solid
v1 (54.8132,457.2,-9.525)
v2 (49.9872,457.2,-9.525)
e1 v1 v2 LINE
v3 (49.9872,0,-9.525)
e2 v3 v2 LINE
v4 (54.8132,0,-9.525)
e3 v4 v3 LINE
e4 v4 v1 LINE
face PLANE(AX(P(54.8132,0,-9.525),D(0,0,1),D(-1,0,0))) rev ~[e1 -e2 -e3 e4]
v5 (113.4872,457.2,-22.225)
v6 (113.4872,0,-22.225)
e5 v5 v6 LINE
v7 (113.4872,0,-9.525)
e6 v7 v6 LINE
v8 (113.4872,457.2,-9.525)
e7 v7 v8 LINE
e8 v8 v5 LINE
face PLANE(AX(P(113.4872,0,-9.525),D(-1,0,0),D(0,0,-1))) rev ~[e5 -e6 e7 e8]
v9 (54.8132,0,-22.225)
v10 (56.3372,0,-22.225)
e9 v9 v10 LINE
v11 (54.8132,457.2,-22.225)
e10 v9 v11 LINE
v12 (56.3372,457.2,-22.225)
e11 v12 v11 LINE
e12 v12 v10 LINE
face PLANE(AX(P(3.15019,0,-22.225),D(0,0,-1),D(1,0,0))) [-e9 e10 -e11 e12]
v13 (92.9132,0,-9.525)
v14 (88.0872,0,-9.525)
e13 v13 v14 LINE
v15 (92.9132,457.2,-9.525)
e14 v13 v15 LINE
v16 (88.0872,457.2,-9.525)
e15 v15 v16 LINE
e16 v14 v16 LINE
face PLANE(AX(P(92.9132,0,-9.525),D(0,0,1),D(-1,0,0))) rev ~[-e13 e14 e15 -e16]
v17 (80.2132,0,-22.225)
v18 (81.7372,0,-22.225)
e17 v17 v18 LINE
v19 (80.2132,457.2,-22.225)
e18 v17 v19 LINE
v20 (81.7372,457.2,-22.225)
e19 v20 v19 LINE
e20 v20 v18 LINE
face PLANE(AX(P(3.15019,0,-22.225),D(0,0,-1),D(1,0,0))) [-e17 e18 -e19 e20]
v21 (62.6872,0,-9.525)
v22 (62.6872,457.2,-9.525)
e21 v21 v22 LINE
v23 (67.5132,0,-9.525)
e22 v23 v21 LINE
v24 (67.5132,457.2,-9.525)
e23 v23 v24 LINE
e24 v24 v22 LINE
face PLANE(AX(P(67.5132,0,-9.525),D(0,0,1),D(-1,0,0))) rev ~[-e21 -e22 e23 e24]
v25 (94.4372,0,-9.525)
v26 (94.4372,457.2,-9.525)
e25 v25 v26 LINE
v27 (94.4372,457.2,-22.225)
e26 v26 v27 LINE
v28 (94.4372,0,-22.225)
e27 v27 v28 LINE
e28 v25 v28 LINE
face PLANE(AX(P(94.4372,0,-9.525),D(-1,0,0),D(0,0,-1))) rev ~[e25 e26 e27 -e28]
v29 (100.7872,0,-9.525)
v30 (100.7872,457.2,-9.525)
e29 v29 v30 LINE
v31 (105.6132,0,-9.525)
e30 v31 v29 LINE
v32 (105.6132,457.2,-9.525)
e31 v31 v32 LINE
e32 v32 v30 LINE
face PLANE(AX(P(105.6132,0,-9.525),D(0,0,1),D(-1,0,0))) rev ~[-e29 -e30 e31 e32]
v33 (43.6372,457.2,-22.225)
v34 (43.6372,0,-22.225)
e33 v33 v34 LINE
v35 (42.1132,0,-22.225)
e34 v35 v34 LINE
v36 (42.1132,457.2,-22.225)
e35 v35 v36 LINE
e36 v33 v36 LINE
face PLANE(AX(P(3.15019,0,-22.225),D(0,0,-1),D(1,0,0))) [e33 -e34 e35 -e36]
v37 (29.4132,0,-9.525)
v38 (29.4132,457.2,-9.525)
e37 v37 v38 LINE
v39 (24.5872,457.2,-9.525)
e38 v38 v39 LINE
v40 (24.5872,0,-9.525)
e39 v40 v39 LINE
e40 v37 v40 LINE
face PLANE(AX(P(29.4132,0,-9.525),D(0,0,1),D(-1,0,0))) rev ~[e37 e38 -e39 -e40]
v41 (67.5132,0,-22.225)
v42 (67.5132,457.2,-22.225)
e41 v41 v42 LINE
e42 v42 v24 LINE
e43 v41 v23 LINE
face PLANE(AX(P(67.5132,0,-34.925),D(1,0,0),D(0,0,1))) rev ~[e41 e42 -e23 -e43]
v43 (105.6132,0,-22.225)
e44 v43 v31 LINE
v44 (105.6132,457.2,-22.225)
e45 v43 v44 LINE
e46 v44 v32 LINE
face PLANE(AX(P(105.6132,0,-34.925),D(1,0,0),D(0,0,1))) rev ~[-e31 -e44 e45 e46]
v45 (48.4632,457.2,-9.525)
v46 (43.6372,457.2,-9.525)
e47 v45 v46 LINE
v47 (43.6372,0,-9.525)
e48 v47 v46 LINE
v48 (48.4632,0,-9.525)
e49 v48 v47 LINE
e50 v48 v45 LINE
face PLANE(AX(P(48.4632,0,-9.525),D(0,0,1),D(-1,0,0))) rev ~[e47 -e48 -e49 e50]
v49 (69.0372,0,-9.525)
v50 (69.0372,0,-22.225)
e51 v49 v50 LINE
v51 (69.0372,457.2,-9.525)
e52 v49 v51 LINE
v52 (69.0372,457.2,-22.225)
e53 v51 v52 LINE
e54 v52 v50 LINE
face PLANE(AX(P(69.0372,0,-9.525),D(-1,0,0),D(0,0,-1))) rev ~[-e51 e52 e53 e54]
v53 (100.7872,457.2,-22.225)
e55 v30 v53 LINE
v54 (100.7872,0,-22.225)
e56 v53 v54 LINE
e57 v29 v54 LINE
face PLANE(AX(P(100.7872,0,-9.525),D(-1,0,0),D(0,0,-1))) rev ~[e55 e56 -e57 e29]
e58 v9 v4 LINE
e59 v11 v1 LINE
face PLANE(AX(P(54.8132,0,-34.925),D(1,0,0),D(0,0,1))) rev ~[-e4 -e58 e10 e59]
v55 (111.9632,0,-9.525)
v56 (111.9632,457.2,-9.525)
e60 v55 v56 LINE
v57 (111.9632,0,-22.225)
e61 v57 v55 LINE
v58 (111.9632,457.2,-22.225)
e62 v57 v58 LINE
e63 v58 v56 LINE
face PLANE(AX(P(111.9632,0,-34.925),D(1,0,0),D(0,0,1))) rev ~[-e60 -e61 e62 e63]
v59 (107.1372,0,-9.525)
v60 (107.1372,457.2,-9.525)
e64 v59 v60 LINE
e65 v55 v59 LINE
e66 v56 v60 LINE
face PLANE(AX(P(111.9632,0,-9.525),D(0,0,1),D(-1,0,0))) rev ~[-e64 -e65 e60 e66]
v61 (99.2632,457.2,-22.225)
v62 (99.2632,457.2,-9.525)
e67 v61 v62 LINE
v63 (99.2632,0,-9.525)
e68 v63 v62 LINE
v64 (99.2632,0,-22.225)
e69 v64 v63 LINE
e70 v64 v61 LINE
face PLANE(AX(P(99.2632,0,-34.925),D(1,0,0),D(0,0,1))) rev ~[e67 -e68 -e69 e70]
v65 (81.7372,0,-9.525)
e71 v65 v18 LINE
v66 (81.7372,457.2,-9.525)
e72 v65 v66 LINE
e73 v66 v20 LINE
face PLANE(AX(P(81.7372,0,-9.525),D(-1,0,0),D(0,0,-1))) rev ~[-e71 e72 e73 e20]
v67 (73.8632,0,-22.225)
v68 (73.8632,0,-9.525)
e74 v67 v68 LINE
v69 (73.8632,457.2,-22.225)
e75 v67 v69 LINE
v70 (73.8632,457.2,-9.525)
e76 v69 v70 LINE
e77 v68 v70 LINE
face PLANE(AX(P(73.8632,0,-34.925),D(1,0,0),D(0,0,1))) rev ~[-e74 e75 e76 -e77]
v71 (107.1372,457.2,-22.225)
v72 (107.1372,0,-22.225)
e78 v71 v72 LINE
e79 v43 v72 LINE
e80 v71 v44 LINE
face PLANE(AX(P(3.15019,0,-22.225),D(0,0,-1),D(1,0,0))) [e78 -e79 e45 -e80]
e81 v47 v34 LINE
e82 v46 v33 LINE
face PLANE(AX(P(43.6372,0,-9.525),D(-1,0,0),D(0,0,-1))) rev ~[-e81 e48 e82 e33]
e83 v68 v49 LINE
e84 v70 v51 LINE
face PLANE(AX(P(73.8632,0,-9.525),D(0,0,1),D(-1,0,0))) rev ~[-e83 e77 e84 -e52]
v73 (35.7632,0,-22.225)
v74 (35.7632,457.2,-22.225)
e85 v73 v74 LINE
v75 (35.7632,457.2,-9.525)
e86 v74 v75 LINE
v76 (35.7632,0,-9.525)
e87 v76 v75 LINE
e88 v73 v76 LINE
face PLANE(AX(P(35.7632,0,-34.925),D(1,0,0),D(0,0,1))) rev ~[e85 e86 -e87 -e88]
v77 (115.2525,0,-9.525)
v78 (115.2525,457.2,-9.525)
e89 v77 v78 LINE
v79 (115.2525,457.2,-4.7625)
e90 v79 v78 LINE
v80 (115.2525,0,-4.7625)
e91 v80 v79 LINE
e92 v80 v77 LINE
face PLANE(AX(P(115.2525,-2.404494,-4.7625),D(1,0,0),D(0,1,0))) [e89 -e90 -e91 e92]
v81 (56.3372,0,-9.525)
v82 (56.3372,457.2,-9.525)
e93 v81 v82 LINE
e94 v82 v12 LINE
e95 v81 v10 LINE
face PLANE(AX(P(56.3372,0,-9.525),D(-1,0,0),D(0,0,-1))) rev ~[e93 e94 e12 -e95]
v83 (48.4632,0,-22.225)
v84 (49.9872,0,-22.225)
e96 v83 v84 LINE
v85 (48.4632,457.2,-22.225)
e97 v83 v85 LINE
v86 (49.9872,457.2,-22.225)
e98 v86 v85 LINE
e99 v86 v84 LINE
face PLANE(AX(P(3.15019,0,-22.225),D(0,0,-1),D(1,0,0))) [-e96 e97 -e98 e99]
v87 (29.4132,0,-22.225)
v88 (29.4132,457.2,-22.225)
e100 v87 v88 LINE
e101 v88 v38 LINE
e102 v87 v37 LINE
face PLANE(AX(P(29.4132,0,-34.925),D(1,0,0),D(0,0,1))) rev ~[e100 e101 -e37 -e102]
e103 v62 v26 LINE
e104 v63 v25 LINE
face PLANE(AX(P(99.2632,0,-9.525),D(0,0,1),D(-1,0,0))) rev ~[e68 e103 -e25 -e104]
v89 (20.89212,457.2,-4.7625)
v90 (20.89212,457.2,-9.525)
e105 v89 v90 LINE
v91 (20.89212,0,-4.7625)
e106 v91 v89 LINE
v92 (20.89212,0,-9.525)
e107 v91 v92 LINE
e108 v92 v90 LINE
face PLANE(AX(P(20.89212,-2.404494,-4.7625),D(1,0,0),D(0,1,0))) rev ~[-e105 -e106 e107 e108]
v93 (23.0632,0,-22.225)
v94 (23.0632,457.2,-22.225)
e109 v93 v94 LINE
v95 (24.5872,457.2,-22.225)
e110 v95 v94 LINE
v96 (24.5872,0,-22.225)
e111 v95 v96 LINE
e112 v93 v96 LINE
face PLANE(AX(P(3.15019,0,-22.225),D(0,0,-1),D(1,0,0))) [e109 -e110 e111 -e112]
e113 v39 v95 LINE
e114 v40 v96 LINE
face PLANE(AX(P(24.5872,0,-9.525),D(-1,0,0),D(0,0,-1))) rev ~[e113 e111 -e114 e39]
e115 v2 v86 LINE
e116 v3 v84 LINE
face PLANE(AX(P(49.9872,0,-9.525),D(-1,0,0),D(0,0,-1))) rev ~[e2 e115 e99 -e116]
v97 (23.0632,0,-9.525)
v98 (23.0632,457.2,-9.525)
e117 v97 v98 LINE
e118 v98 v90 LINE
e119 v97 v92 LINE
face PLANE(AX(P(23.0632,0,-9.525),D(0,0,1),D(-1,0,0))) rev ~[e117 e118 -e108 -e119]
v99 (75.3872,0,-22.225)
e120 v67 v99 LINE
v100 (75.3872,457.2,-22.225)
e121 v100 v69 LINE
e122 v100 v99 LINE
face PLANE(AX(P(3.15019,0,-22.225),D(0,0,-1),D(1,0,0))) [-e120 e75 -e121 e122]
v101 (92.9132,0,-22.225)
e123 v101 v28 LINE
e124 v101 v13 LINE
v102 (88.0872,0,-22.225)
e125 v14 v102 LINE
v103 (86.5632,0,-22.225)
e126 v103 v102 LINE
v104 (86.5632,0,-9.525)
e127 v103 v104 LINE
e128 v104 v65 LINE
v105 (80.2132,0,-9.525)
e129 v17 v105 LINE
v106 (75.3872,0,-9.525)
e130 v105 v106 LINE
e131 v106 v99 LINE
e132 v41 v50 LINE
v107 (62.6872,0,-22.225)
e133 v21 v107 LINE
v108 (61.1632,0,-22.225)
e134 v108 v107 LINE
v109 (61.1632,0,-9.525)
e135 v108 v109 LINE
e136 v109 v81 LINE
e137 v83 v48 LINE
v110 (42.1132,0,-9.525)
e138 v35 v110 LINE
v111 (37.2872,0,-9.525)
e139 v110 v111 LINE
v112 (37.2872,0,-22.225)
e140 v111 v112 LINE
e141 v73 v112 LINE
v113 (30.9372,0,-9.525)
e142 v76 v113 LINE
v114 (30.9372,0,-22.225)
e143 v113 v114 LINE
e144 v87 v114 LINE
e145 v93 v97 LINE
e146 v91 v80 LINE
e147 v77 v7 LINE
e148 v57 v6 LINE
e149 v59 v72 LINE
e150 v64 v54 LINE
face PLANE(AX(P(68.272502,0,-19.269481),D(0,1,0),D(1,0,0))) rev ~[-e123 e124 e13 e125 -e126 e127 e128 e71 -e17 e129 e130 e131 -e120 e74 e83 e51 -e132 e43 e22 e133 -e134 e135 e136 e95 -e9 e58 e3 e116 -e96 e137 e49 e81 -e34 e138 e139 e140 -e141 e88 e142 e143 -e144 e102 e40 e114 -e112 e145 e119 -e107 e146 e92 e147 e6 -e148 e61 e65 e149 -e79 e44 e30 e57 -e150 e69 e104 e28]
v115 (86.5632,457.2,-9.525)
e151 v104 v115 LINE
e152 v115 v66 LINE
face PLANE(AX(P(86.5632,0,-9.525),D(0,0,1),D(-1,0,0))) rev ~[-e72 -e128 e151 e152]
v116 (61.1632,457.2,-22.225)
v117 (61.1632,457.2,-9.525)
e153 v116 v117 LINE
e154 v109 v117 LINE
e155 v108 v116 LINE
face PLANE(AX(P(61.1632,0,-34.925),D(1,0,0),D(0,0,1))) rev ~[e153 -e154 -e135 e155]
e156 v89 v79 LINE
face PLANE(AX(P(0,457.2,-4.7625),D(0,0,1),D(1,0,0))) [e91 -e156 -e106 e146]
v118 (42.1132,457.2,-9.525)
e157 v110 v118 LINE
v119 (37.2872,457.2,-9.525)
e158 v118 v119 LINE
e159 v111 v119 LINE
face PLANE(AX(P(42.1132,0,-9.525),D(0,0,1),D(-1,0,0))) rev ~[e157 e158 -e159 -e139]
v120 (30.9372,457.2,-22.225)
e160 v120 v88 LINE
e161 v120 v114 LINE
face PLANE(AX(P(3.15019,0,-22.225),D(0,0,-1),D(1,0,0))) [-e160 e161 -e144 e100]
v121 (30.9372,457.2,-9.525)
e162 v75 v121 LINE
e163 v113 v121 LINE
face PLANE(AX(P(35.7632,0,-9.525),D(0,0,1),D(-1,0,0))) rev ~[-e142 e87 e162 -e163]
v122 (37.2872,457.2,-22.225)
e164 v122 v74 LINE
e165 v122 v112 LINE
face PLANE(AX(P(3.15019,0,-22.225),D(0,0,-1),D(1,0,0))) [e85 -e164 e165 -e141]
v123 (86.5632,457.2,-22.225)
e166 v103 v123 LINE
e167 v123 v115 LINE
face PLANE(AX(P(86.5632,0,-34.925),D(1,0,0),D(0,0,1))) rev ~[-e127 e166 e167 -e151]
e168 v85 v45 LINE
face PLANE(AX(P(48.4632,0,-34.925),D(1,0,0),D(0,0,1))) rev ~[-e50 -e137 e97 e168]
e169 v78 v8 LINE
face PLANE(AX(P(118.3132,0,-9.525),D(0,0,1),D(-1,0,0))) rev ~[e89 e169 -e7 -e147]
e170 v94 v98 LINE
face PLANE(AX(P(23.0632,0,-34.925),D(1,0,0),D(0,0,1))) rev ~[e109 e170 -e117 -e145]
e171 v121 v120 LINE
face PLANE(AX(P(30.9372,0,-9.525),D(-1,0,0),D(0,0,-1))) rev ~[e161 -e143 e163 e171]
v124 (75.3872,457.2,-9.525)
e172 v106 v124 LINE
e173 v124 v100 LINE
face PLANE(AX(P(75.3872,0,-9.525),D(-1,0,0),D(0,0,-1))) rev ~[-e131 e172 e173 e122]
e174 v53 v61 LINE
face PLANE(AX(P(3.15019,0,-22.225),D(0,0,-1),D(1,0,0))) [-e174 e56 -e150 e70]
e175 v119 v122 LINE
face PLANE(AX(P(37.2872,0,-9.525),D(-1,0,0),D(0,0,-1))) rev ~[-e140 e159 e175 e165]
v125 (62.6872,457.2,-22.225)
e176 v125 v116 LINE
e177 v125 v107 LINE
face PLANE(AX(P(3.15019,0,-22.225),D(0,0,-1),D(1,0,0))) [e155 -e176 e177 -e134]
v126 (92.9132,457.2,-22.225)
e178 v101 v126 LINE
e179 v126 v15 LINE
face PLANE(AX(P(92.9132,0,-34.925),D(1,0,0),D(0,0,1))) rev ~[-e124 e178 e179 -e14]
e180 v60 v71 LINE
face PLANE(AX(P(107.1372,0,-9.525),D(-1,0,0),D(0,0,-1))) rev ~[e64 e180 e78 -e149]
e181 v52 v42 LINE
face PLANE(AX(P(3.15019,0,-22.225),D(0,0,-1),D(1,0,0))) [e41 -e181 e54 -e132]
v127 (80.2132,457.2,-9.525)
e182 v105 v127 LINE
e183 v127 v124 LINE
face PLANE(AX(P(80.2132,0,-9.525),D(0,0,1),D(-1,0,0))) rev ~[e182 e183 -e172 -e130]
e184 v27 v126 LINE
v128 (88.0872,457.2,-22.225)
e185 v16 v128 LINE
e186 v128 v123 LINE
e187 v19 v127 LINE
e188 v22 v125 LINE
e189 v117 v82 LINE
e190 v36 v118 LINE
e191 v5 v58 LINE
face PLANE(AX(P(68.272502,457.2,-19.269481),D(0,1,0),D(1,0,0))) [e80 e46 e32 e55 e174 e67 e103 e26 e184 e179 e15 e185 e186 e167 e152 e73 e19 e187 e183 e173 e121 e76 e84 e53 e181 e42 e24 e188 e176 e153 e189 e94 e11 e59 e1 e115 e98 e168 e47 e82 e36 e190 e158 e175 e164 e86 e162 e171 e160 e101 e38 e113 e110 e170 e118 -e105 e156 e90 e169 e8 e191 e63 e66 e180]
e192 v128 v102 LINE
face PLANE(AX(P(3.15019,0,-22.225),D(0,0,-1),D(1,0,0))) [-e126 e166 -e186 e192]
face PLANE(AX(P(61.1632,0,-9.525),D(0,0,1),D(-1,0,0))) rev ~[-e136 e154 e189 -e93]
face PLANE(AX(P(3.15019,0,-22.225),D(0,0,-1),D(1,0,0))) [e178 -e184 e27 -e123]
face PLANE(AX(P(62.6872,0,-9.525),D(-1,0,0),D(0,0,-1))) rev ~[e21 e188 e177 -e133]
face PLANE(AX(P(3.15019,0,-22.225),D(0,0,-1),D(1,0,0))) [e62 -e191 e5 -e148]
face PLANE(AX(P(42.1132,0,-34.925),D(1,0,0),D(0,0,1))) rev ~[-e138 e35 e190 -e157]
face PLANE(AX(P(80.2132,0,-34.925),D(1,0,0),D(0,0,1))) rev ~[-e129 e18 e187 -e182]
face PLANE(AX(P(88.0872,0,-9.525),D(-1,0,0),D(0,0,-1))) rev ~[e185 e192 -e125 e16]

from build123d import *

# Parameters (mm, degrees)
BOSS_EXTRUDE1_DEPTH = 457.2
SKETCH2_W           = 136.525
SKETCH2_H           = 4.7625
CUT_EXTRUDE1_DEPTH  = 479.481428682
SKETCH3_W           = 132.265960651
SKETCH3_H           = 13.462
CUT_EXTRUDE2_DEPTH  = 479.481428682
SKETCH9_OUTSIDE_W   = 234.019
SKETCH9_OUTSIDE_H   = 554.694
SKETCH9_OUTSIDE_W_2 = 94.360380141
SKETCH9_OUTSIDE_H_2 = 481.67440371
CUT_EXTRUDE3_DEPTH  = 478.468171223


with BuildPart() as part:
    # Sketch1 → Boss-Extrude1 (new body)
    with BuildSketch(Plane(origin=(0, 0, 0), x_dir=(1, 0, 0), z_dir=(0, 1, 0))):
        with BuildLine():
            Line((0, 0), (136.525, 0))
            Line((136.525, 0), (136.525, 9.525))
            Line((136.525, 9.525), (132.5372, 9.525))
            Line((132.5372, 9.525), (132.5372, 34.925))
            ThreePointArc((132.5372, 34.925), (131.7752, 35.687), (131.0132, 34.925))
            Line((131.0132, 34.925), (131.0132, 9.525))
            Line((131.0132, 9.525), (126.1872, 9.525))
            Line((126.1872, 9.525), (126.1872, 34.925))
            ThreePointArc((126.1872, 34.925), (125.4252, 35.687), (124.6632, 34.925))
            Line((124.6632, 34.925), (124.6632, 9.525))
            Line((124.6632, 9.525), (119.8372, 9.525))
            Line((119.8372, 9.525), (119.8372, 34.925))
            ThreePointArc((119.8372, 34.925), (119.0752, 35.687), (118.3132, 34.925))
            Line((118.3132, 34.925), (118.3132, 9.525))
            Line((118.3132, 9.525), (113.4872, 9.525))
            Line((113.4872, 9.525), (113.4872, 34.925))
            ThreePointArc((113.4872, 34.925), (112.7252, 35.687), (111.9632, 34.925))
            Line((111.9632, 34.925), (111.9632, 9.525))
            Line((111.9632, 9.525), (107.1372, 9.525))
            Line((107.1372, 9.525), (107.1372, 34.925))
            ThreePointArc((107.1372, 34.925), (106.3752, 35.687), (105.6132, 34.925))
            Line((105.6132, 34.925), (105.6132, 9.525))
            Line((105.6132, 9.525), (100.7872, 9.525))
            Line((100.7872, 9.525), (100.7872, 34.925))
            ThreePointArc((100.7872, 34.925), (100.0252, 35.687), (99.2632, 34.925))
            Line((99.2632, 34.925), (99.2632, 9.525))
            Line((99.2632, 9.525), (94.4372, 9.525))
            Line((94.4372, 9.525), (94.4372, 34.925))
            ThreePointArc((94.4372, 34.925), (93.6752, 35.687), (92.9132, 34.925))
            Line((92.9132, 34.925), (92.9132, 9.525))
            Line((92.9132, 9.525), (88.0872, 9.525))
            Line((88.0872, 9.525), (88.0872, 34.925))
            ThreePointArc((88.0872, 34.925), (87.3252, 35.687), (86.5632, 34.925))
            Line((86.5632, 34.925), (86.5632, 9.525))
            Line((86.5632, 9.525), (81.7372, 9.525))
            Line((81.7372, 9.525), (81.7372, 34.925))
            ThreePointArc((81.7372, 34.925), (80.9752, 35.687), (80.2132, 34.925))
            Line((80.2132, 34.925), (80.2132, 9.525))
            Line((80.2132, 9.525), (75.3872, 9.525))
            Line((75.3872, 9.525), (75.3872, 34.925))
            ThreePointArc((75.3872, 34.925), (74.6252, 35.687), (73.8632, 34.925))
            Line((73.8632, 34.925), (73.8632, 9.525))
            Line((73.8632, 9.525), (69.0372, 9.525))
            Line((69.0372, 9.525), (69.0372, 34.925))
            ThreePointArc((69.0372, 34.925), (68.2752, 35.687), (67.5132, 34.925))
            Line((67.5132, 34.925), (67.5132, 9.525))
            Line((67.5132, 9.525), (62.6872, 9.525))
            Line((62.6872, 9.525), (62.6872, 34.925))
            ThreePointArc((62.6872, 34.925), (61.9252, 35.687), (61.1632, 34.925))
            Line((61.1632, 34.925), (61.1632, 9.525))
            Line((61.1632, 9.525), (56.3372, 9.525))
            Line((56.3372, 9.525), (56.3372, 34.925))
            ThreePointArc((56.3372, 34.925), (55.5752, 35.687), (54.8132, 34.925))
            Line((54.8132, 34.925), (54.8132, 9.525))
            Line((54.8132, 9.525), (49.9872, 9.525))
            Line((49.9872, 9.525), (49.9872, 34.925))
            ThreePointArc((49.9872, 34.925), (49.2252, 35.687), (48.4632, 34.925))
            Line((48.4632, 34.925), (48.4632, 9.525))
            Line((48.4632, 9.525), (43.6372, 9.525))
            Line((43.6372, 9.525), (43.6372, 34.925))
            ThreePointArc((43.6372, 34.925), (42.8752, 35.687), (42.1132, 34.925))
            Line((42.1132, 34.925), (42.1132, 9.525))
            Line((42.1132, 9.525), (37.2872, 9.525))
            Line((37.2872, 9.525), (37.2872, 34.925))
            ThreePointArc((37.2872, 34.925), (36.5252, 35.687), (35.7632, 34.925))
            Line((35.7632, 34.925), (35.7632, 9.525))
            Line((35.7632, 9.525), (30.9372, 9.525))
            Line((30.9372, 9.525), (30.9372, 34.925))
            ThreePointArc((30.9372, 34.925), (30.1752, 35.687), (29.4132, 34.925))
            Line((29.4132, 34.925), (29.4132, 9.525))
            Line((29.4132, 9.525), (24.5872, 9.525))
            Line((24.5872, 9.525), (24.5872, 34.925))
            ThreePointArc((24.5872, 34.925), (23.8252, 35.687), (23.0632, 34.925))
            Line((23.0632, 34.925), (23.0632, 9.525))
            Line((23.0632, 9.525), (18.2372, 9.525))
            Line((18.2372, 9.525), (18.2372, 34.925))
            ThreePointArc((18.2372, 34.925), (17.4752, 35.687), (16.7132, 34.925))
            Line((16.7132, 34.925), (16.7132, 9.525))
            Line((16.7132, 9.525), (11.8872, 9.525))
            Line((11.8872, 9.525), (11.8872, 34.925))
            ThreePointArc((11.8872, 34.925), (11.1252, 35.687), (10.3632, 34.925))
            Line((10.3632, 34.925), (10.3632, 9.525))
            Line((10.3632, 9.525), (5.5372, 9.525))
            Line((5.5372, 9.525), (5.5372, 34.925))
            ThreePointArc((5.5372, 34.925), (4.7752, 35.687), (4.0132, 34.925))
            Line((4.0132, 34.925), (4.0132, 9.525))
            Line((4.0132, 9.525), (0, 9.525))
            Line((0, 9.525), (0, 0))
        make_face()
    extrude(amount=BOSS_EXTRUDE1_DEPTH)

    # Sketch2 → Cut-Extrude1 (cut, through all)
    with BuildSketch(Plane(origin=(0, 457.2, 0), x_dir=(1, 0, 0), z_dir=(0, 1, 0))):
        with Locations((68.2625, 2.38125)):
            Rectangle(SKETCH2_W, SKETCH2_H)
    extrude(amount=-CUT_EXTRUDE1_DEPTH, mode=Mode.SUBTRACT)

    # Sketch3 → Cut-Extrude2 (cut, through all)
    with BuildSketch(Plane.XZ):
        with Locations((69.2831702, -28.956)):
            Rectangle(SKETCH3_W, SKETCH3_H)
    extrude(amount=-CUT_EXTRUDE2_DEPTH, mode=Mode.SUBTRACT)

    # Sketch9 outside → Cut-Extrude3 (cut, through all)
    with BuildSketch(Plane.XY.offset(-4.7625)):
        with Locations((68.2625, 228.6)):
            Rectangle(SKETCH9_OUTSIDE_W, SKETCH9_OUTSIDE_H)
        with Locations((68.07230993, 238.432707494)):
            Rectangle(SKETCH9_OUTSIDE_W_2, SKETCH9_OUTSIDE_H_2, mode=Mode.SUBTRACT)
    extrude(amount=-CUT_EXTRUDE3_DEPTH, mode=Mode.SUBTRACT)


solid = part.part
